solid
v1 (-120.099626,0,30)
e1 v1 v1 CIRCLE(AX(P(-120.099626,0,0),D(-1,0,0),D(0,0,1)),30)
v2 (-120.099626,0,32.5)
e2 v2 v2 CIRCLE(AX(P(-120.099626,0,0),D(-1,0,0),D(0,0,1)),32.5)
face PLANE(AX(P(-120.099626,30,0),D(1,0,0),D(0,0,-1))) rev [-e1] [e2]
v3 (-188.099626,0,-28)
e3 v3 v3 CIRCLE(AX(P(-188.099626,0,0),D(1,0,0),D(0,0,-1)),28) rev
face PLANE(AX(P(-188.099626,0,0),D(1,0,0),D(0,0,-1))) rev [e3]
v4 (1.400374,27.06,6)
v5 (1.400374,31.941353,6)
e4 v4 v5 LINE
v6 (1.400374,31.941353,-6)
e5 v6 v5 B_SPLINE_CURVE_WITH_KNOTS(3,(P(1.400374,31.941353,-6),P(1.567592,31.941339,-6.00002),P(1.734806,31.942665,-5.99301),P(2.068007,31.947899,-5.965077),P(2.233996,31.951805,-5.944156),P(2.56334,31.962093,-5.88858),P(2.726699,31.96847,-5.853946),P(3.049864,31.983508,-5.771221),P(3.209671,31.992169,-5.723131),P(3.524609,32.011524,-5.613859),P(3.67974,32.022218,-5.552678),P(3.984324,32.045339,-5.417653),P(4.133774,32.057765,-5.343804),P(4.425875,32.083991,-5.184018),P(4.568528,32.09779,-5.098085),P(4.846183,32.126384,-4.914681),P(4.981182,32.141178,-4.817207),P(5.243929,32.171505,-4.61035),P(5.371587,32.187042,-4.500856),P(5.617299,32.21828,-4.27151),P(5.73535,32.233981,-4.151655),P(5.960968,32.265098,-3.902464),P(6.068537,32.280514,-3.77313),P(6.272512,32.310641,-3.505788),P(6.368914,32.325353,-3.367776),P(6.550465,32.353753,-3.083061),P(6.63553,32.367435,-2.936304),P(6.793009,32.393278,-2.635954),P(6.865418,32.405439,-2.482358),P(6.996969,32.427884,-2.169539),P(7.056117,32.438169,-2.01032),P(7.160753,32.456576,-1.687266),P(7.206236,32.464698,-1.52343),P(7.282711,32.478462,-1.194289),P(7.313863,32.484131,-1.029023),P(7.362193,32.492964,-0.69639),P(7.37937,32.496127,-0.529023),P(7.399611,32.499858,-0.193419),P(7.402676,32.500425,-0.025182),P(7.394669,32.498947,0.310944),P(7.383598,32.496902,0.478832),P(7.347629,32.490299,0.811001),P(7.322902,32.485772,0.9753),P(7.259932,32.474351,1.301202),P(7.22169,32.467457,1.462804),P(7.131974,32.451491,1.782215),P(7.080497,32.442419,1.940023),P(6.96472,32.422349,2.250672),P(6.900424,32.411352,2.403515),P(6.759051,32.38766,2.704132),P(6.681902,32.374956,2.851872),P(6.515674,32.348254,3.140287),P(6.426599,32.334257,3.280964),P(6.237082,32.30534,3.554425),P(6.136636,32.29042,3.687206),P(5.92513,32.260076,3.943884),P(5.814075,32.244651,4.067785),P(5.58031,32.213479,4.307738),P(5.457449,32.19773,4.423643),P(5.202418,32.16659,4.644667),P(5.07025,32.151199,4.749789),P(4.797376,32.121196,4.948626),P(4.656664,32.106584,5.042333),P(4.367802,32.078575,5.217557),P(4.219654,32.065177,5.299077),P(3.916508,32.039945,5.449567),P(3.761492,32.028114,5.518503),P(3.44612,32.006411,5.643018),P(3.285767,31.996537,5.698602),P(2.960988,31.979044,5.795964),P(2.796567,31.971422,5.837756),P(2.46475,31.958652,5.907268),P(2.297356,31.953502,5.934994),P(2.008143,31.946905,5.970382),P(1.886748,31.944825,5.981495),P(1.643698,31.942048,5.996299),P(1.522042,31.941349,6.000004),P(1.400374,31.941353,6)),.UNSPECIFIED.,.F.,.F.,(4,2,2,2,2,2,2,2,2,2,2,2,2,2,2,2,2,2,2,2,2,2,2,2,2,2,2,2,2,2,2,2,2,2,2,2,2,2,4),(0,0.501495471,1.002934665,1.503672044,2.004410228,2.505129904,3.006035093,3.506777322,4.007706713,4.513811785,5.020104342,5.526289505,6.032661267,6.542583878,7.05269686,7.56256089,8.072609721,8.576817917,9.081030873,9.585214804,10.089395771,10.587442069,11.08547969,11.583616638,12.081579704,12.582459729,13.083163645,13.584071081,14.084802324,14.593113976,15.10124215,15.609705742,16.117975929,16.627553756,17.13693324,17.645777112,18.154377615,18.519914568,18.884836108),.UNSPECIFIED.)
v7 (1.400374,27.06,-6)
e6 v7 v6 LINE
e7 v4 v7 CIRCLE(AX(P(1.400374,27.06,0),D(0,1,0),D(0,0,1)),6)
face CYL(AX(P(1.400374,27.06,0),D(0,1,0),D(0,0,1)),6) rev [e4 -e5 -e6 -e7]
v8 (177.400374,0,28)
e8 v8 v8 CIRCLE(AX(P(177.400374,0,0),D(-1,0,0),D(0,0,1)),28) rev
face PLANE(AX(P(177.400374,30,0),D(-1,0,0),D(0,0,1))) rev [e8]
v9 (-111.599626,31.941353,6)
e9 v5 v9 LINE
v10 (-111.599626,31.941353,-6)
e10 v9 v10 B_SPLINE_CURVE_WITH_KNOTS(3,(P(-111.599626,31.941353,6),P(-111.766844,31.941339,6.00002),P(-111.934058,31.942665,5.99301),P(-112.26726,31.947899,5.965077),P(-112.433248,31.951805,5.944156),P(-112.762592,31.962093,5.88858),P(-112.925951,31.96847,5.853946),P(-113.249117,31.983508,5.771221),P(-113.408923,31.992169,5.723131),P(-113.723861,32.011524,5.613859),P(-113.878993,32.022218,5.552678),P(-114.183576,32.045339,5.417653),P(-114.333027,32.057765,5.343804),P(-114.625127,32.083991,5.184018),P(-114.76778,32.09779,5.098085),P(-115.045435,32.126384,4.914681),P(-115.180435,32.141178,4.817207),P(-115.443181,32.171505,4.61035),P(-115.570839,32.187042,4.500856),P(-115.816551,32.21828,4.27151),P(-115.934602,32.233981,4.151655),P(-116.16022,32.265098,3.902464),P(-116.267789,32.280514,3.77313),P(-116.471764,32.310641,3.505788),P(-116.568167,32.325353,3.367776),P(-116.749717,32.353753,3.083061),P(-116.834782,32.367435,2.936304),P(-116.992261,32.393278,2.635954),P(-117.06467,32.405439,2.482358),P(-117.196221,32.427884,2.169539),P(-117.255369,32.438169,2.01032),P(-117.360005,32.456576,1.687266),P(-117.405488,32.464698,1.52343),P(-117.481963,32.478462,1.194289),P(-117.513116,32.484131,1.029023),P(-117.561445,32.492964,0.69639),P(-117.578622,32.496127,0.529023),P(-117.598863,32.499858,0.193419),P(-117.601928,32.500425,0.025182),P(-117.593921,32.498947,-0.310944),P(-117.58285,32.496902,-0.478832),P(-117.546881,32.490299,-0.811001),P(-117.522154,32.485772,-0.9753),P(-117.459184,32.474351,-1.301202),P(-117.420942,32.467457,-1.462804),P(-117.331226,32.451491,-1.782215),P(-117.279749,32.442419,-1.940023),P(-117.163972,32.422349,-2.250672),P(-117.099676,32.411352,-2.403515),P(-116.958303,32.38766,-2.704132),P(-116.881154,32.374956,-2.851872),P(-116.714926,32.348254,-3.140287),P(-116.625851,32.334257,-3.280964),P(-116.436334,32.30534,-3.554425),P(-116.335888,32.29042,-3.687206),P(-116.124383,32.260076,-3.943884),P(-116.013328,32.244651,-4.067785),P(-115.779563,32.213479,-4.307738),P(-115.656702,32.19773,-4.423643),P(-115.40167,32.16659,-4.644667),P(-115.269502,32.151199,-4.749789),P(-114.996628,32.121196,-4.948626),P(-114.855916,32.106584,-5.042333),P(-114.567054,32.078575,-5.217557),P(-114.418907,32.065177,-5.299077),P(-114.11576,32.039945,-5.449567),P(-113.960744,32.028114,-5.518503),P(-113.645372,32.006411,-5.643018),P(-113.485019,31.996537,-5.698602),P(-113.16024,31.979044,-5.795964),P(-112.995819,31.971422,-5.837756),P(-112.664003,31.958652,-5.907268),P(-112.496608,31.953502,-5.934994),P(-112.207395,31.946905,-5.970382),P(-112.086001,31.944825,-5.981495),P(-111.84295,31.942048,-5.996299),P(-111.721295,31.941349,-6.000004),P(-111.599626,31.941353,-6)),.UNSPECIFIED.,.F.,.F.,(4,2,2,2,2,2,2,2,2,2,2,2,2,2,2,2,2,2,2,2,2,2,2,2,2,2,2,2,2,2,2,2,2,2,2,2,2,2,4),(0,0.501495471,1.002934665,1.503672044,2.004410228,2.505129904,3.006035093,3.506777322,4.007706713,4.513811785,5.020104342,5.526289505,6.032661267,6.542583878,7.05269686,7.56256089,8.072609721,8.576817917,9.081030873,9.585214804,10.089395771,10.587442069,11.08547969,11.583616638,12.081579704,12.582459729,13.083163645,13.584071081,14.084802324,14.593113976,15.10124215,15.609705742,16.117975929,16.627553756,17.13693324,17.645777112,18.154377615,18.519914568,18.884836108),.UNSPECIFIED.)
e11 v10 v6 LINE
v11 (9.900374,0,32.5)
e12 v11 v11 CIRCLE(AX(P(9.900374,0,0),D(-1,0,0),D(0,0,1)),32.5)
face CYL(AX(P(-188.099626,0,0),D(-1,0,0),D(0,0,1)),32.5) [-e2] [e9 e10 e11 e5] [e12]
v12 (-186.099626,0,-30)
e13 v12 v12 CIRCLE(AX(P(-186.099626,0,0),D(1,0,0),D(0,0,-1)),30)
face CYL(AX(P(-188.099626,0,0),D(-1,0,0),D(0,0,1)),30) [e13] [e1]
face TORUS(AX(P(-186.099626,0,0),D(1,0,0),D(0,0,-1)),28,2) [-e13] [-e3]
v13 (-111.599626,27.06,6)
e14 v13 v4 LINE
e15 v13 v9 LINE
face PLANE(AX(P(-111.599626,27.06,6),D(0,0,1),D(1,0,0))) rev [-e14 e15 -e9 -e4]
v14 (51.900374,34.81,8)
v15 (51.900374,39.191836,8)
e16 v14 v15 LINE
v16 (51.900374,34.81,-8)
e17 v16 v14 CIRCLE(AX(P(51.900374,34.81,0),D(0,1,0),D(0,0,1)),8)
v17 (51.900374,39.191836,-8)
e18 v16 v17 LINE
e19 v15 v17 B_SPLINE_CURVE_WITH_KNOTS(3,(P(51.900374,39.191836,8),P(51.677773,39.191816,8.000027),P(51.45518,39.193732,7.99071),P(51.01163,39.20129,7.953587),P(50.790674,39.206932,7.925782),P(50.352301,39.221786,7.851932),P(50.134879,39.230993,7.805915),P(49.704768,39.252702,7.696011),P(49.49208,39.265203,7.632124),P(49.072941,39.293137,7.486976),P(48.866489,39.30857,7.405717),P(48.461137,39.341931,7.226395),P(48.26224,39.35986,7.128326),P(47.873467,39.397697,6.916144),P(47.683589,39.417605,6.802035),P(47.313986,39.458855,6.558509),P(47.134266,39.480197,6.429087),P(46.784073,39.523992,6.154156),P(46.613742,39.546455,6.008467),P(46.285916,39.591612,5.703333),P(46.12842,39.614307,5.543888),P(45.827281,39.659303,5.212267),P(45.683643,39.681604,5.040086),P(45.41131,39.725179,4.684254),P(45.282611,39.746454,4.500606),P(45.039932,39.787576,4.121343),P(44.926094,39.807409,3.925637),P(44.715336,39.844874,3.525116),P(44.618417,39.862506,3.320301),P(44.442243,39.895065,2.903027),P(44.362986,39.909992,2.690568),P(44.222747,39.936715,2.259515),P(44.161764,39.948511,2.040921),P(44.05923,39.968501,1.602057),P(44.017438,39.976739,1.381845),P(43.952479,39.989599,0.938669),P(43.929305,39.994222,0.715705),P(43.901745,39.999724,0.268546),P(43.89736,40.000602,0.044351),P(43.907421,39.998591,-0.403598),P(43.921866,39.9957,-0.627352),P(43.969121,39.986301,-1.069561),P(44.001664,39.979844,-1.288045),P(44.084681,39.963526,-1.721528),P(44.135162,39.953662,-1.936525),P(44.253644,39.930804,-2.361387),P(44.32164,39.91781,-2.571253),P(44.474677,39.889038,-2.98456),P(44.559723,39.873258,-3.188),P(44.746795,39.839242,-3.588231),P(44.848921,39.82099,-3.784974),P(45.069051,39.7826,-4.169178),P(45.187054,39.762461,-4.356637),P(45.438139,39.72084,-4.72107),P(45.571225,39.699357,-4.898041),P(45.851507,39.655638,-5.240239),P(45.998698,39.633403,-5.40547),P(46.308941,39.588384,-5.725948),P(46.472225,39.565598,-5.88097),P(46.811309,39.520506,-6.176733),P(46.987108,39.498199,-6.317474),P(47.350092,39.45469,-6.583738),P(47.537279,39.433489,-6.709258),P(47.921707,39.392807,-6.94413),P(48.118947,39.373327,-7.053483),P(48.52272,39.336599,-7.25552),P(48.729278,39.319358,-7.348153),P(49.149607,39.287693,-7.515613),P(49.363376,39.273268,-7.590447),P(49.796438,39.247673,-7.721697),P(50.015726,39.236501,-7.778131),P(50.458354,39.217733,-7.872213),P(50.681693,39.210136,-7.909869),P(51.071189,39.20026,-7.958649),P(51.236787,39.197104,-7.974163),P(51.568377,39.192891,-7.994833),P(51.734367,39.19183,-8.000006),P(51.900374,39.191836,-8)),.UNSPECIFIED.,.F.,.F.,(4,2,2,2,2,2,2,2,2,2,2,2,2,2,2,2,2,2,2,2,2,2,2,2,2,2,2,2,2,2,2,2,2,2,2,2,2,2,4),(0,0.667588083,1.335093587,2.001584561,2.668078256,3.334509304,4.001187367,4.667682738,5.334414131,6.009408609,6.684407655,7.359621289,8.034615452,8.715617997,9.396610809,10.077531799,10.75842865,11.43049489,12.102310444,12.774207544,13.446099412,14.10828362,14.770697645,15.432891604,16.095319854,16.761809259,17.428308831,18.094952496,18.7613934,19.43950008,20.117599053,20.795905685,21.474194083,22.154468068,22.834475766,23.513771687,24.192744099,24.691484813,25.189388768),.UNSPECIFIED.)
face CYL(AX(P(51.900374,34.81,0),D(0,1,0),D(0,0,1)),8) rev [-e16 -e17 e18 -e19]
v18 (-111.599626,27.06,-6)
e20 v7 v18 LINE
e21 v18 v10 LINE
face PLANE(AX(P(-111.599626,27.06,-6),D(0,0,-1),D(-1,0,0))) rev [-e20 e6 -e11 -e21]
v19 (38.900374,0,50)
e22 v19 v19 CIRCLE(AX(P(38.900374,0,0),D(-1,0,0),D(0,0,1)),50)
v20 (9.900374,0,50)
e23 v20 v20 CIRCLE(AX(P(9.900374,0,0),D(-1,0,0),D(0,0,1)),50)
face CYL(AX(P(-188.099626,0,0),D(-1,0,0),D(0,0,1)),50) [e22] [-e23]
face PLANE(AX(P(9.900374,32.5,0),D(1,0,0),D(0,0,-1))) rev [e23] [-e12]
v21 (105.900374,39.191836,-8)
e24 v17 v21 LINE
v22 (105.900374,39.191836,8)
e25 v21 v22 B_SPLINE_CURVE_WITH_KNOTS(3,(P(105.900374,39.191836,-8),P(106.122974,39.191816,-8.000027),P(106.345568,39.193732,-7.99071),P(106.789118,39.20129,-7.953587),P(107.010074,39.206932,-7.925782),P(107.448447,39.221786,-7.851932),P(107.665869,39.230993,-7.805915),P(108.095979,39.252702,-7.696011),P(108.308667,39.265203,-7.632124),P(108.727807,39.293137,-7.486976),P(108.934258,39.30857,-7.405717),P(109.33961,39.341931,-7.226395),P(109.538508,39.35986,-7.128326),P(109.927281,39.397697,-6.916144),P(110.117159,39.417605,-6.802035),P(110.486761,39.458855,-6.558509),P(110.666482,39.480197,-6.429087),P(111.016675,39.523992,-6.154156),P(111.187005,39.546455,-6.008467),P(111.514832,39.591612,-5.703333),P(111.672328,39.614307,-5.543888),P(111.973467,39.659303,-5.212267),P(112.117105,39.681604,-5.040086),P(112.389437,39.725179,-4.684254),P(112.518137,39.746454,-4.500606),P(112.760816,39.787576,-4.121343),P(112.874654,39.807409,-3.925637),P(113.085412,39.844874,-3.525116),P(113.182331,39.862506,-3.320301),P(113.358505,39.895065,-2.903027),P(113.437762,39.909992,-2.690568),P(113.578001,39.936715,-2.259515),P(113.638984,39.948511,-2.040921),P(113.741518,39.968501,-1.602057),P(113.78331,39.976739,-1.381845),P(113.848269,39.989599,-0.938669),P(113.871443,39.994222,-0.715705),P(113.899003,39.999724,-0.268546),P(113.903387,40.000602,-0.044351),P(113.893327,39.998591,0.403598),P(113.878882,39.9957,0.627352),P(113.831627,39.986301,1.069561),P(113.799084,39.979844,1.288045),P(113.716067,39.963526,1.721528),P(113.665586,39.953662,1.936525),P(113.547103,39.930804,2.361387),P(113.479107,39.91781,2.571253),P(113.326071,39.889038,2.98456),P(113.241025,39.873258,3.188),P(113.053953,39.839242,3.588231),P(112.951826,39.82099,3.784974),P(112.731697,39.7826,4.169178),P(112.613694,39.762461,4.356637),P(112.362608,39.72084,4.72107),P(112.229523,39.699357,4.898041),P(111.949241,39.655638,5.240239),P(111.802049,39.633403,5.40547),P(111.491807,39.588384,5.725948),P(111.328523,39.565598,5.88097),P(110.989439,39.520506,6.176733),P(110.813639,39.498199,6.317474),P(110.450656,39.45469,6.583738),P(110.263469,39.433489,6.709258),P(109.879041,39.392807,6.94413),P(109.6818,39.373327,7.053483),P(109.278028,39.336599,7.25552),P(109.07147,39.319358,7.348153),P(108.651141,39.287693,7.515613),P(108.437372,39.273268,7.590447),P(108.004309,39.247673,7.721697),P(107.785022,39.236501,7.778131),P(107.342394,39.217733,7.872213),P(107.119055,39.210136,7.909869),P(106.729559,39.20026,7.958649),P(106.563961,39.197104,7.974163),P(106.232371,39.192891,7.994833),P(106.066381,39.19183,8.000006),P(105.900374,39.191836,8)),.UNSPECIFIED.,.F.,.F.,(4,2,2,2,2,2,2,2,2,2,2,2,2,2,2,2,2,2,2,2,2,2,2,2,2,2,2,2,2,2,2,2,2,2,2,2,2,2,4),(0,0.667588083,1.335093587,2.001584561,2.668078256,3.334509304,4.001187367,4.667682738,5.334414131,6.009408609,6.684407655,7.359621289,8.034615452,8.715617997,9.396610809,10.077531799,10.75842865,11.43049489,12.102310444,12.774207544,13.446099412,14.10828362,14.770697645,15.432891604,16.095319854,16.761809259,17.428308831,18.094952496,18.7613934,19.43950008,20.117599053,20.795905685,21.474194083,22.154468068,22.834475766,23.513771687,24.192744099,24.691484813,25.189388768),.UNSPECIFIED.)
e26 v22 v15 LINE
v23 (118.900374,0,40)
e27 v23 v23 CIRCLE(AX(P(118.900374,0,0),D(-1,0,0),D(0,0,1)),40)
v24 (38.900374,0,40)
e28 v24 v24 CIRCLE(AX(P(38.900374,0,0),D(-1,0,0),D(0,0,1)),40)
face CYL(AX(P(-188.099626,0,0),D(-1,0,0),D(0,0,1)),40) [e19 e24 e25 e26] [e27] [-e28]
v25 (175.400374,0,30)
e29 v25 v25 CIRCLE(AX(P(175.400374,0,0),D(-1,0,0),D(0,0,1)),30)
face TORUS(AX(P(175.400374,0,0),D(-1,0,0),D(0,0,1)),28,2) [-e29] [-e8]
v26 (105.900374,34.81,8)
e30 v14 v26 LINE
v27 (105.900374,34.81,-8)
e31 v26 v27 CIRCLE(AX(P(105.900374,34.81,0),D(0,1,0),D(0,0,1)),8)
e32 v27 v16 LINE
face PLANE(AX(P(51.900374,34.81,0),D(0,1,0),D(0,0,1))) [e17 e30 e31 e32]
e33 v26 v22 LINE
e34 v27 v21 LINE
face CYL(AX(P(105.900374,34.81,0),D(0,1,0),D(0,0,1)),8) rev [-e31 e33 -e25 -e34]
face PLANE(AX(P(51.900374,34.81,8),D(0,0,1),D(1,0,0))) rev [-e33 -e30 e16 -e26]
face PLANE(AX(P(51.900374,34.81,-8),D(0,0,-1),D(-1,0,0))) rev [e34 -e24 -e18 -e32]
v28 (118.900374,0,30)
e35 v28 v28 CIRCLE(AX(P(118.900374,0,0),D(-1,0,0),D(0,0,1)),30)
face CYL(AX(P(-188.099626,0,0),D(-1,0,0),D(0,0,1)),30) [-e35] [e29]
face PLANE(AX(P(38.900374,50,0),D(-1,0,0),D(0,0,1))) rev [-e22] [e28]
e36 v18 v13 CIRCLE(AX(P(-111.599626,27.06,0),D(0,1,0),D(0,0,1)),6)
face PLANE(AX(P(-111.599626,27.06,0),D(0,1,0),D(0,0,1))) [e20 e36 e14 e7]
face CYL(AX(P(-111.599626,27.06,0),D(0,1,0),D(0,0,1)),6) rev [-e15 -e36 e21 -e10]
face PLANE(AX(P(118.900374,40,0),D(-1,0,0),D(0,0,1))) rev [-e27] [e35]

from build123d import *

# Parameters (mm, degrees)
FILLET1_R          = 2
CUT_EXTRUDE1_DEPTH = 5.44
CUT_EXTRUDE2_DEPTH = 5.19


with BuildPart() as part:
    # Sketch1 → Revolve1 (revolve)
    with BuildSketch(Plane.XY, mode=Mode.PRIVATE) as revolve1_sk:
        Polygon((-188.099626112, 0), (-188.099626112, 30), (-120.099626112, 30), (-120.099626112, 32.5), (9.900373888, 32.5), (9.900373888, 50), (38.900373888, 50), (38.900373888, 40), (118.900373888, 40), (118.900373888, 30), (177.400373888, 30), (177.400373888, 0), align=None)
    revolve(revolve1_sk.sketch.rotate(Axis((-188.099626112, 0, 0), (1, 0, 0)), 90), axis=Axis((-188.099626112, 0, 0), (1, 0, 0)))

    # Fillet1
    fillet1_edges = [part.edges().sort_by_distance(p)[0] for p in [
        (-188.099626112, 0, -30),
        (177.400373888, 0, -30),
    ]]
    fillet(fillet1_edges, radius=FILLET1_R)

    # Sketch2 → Cut-Extrude1 (cut)
    with BuildSketch(Plane(origin=(0, 32.5, 0), x_dir=(1, 0, 0), z_dir=(0, 1, 0))):
        with BuildLine():
            Line((-111.599626112, 6), (1.400373888, 6))
            ThreePointArc((1.400373888, 6), (7.400373888, 0), (1.400373888, -6))
            Line((1.400373888, -6), (-111.599626112, -6))
            ThreePointArc((-111.599626112, -6), (-117.599626112, 0), (-111.599626112, 6))
        make_face()
    extrude(amount=-CUT_EXTRUDE1_DEPTH, mode=Mode.SUBTRACT)

    # Sketch3 → Cut-Extrude2 (cut)
    with BuildSketch(Plane(origin=(0, 40, 0), x_dir=(1, 0, 0), z_dir=(0, 1, 0))):
        with BuildLine():
            Line((51.900373888, 8), (105.900373888, 8))
            ThreePointArc((105.900373888, 8), (113.900373888, 0), (105.900373888, -8))
            Line((105.900373888, -8), (51.900373888, -8))
            ThreePointArc((51.900373888, -8), (43.900373888, 0), (51.900373888, 8))
        make_face()
    extrude(amount=-CUT_EXTRUDE2_DEPTH, mode=Mode.SUBTRACT)


solid = part.part
